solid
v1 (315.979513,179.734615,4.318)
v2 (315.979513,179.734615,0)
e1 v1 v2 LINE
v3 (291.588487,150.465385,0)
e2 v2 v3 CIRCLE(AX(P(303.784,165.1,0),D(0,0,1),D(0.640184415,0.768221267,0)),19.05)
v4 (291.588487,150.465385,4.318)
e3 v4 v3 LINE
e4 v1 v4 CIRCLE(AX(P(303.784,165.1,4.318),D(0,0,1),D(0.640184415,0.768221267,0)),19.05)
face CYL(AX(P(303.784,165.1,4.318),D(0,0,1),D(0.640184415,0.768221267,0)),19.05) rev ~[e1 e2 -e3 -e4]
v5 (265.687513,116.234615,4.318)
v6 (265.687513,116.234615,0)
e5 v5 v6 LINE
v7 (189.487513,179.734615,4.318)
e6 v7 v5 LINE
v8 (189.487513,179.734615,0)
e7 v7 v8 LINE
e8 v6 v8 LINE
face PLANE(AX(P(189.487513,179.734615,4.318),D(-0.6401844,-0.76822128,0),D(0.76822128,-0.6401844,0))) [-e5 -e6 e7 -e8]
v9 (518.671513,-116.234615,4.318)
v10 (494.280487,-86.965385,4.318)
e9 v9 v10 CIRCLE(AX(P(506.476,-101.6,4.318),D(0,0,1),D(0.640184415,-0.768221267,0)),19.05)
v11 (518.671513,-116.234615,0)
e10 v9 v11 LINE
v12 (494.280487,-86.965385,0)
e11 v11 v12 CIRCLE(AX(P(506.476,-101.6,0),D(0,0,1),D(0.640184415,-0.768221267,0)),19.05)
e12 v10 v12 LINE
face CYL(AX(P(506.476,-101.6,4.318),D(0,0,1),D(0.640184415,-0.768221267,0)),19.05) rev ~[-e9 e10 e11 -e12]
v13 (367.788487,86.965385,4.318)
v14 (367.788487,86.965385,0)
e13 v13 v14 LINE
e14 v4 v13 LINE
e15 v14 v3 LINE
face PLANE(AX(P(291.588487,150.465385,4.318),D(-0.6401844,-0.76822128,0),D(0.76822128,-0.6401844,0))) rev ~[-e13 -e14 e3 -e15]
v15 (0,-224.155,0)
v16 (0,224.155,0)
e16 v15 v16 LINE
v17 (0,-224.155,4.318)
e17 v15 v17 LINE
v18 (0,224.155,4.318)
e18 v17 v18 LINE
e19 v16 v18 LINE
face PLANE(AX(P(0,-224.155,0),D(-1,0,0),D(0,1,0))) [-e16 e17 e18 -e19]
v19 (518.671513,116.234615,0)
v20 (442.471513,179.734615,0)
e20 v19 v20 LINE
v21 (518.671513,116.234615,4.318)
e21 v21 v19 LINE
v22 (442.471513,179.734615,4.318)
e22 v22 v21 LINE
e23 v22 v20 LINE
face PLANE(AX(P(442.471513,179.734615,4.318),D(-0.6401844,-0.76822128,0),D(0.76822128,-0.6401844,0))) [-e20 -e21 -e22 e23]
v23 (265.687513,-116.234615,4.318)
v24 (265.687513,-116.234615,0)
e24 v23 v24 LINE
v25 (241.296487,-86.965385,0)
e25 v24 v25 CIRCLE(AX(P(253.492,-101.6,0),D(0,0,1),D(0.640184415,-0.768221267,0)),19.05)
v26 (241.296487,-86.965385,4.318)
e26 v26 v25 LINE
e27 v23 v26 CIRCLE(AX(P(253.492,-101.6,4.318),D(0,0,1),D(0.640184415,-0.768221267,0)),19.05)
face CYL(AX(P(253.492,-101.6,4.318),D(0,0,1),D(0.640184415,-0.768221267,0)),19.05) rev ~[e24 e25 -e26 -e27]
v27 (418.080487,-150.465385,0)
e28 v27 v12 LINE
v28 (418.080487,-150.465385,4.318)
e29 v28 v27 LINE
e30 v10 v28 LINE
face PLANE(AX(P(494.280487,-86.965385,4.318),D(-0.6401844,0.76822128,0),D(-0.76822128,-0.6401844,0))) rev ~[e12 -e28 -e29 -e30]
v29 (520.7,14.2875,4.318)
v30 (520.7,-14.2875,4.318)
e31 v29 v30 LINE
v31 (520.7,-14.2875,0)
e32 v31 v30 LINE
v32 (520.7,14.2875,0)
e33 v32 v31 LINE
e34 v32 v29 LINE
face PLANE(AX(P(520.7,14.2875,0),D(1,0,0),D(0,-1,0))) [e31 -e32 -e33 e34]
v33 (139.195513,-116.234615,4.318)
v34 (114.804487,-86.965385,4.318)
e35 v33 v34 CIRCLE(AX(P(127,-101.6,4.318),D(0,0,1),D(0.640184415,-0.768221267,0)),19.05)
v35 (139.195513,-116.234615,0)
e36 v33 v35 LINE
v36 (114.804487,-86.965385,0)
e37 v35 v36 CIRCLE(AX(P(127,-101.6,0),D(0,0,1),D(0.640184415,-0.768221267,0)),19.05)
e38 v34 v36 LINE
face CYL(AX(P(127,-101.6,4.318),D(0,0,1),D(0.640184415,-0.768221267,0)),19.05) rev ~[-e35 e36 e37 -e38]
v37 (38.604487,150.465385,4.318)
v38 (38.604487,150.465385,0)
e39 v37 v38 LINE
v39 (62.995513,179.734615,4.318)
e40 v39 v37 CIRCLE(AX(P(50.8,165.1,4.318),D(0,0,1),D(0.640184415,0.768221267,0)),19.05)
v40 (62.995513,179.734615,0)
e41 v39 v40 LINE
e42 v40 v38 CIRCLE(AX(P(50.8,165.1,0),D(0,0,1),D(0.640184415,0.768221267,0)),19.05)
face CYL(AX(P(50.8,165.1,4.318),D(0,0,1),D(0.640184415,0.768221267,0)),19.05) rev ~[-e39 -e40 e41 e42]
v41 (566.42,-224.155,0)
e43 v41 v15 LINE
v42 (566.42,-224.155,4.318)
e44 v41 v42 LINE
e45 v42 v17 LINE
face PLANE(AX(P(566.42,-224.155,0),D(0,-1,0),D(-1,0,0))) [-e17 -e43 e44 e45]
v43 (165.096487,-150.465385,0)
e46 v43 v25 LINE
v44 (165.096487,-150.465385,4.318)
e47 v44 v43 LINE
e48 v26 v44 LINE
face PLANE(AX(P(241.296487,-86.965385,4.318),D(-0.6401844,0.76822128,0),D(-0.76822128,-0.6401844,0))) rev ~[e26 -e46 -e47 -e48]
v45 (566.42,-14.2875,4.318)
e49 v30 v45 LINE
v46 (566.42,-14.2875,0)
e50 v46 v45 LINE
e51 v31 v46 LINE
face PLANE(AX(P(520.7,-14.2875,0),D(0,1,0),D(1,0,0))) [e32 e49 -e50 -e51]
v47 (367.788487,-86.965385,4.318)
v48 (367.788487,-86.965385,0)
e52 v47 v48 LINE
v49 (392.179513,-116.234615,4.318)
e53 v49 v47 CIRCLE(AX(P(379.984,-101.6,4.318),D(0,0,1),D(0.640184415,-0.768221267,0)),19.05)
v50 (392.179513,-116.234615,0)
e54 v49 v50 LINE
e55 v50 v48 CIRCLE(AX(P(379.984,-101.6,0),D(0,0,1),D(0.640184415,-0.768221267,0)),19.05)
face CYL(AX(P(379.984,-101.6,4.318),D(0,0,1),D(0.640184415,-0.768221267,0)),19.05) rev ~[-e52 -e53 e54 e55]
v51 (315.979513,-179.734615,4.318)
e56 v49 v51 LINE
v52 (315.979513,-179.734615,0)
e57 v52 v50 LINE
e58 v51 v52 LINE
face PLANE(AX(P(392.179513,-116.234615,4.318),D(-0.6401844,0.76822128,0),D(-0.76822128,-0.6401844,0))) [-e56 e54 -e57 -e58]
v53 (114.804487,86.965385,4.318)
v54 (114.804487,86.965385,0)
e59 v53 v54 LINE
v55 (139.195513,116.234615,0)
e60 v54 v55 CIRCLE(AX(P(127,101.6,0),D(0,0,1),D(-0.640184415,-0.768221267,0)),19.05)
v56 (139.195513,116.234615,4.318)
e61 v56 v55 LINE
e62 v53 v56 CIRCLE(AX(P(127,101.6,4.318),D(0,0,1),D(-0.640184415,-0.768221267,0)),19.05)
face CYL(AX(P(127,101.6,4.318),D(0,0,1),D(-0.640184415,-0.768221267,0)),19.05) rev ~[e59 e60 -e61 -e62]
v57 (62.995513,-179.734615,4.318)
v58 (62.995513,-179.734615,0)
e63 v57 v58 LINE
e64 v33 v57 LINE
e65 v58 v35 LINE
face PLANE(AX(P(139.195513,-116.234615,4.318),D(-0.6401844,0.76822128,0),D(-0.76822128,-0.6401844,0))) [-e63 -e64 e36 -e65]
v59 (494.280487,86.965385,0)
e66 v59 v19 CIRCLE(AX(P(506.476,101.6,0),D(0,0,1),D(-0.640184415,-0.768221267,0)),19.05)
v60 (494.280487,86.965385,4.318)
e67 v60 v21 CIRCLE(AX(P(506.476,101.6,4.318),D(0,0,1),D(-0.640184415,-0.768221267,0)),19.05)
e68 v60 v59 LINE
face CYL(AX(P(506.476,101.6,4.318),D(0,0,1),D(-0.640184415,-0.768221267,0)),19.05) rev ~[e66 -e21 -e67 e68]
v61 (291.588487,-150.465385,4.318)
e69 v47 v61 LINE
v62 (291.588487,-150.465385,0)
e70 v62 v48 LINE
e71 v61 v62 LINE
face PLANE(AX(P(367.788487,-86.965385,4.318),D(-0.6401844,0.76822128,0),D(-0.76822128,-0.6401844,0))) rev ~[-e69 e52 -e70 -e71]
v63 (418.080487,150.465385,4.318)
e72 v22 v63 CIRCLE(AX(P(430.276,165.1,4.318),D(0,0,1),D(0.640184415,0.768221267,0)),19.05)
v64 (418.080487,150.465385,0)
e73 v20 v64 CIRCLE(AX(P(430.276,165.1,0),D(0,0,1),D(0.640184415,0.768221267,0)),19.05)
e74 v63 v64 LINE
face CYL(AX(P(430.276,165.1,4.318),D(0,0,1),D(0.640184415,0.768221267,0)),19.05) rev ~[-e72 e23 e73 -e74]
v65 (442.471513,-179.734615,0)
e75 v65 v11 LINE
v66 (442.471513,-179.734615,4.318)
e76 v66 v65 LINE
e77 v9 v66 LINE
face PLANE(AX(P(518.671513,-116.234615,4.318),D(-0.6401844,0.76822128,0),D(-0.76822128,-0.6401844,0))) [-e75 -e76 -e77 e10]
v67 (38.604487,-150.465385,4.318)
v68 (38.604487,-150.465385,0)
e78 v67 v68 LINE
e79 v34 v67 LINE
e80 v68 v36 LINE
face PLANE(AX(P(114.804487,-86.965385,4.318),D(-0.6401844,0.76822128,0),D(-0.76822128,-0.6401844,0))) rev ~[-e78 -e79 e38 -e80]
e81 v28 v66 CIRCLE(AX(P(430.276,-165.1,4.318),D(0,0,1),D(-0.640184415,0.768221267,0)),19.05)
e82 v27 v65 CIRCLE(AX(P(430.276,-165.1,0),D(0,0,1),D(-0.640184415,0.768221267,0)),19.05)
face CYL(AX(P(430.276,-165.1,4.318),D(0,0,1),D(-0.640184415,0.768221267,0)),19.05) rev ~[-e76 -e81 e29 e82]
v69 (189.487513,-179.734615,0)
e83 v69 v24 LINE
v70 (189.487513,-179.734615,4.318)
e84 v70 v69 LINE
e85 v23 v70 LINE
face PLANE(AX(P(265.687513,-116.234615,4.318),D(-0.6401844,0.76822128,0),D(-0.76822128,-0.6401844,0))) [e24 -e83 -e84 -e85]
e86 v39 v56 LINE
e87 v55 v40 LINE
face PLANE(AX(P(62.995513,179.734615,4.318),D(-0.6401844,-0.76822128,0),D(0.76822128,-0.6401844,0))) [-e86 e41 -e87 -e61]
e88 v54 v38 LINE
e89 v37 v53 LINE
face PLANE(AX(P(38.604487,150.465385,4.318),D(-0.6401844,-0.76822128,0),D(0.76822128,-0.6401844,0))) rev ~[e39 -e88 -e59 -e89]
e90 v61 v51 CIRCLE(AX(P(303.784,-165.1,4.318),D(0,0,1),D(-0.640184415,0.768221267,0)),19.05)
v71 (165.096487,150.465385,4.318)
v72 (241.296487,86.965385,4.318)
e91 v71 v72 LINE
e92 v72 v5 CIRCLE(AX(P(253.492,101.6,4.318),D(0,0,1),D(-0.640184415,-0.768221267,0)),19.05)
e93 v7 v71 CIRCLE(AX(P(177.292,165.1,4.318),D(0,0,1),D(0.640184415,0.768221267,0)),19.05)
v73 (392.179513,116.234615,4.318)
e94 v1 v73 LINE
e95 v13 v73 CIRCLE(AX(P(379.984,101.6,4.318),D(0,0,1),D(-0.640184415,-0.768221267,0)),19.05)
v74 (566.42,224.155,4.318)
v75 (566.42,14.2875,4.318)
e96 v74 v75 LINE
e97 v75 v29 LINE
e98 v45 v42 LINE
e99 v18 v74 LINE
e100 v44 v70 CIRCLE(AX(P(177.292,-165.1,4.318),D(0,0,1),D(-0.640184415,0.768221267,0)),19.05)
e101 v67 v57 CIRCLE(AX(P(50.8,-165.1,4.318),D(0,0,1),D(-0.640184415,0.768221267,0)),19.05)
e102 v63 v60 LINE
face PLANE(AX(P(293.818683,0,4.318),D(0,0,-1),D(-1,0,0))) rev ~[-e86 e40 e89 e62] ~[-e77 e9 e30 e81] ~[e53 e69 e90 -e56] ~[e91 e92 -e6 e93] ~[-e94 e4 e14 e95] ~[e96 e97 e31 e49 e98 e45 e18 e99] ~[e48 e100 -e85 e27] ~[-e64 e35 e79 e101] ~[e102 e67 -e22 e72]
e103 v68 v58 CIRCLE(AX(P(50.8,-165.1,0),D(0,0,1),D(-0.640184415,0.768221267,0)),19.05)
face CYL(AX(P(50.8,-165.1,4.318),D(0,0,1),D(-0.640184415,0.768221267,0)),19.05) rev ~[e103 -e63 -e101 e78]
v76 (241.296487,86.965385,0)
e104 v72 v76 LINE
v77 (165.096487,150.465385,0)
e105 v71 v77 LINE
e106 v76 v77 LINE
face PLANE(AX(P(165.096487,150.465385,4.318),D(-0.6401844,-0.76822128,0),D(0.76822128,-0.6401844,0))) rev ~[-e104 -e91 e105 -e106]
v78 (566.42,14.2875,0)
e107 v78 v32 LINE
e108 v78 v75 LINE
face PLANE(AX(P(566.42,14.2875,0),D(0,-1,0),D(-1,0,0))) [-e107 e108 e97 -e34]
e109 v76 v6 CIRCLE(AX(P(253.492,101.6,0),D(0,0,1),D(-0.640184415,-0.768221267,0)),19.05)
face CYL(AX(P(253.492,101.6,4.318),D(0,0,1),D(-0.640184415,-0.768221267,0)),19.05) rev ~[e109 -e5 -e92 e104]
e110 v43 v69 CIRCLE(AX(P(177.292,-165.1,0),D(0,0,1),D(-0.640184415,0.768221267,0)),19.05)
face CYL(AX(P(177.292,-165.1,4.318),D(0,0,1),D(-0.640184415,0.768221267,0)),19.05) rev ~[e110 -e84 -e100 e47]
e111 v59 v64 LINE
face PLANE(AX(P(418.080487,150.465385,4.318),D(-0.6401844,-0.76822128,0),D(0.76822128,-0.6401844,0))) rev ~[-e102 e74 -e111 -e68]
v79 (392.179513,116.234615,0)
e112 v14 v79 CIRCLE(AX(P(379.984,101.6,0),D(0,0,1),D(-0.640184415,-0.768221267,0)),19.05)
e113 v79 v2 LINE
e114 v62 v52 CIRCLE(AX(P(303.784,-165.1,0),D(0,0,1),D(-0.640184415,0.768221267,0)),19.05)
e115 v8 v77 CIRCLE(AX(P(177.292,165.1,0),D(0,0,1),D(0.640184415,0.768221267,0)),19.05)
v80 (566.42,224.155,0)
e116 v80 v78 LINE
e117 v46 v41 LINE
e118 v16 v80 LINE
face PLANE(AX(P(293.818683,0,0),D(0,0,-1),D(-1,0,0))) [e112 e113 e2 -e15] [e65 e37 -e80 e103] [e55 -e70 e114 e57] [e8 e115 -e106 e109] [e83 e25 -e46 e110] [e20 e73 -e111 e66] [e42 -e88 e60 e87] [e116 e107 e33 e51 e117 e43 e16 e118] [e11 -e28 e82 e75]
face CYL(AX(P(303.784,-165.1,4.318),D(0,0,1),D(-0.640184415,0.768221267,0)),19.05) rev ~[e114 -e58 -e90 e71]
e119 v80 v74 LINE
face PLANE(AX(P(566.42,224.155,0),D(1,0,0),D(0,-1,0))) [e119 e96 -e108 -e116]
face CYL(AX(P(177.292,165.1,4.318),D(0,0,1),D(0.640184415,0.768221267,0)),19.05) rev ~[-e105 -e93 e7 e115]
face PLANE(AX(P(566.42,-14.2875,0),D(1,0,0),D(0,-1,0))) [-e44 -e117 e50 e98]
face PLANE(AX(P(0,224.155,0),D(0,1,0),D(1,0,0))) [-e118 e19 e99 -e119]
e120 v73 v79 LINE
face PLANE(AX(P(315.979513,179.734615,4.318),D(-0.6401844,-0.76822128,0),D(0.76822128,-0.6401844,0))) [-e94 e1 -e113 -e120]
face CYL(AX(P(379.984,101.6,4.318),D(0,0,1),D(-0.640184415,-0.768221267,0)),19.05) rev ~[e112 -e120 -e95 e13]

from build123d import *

# Parameters (mm, degrees)
PAD_DEPTH           = 4.318
POCKET_DEPTH        = 5.08
LINEARPATTERN_COUNT = 4
LINEARPATTERN_PITCH = 126.492


with BuildPart() as part:
    # Sketch → Pad (new body)
    with BuildSketch(Plane.XY):
        Polygon((0, 224.155), (566.42, 224.155), (566.42, 14.2875), (520.7, 14.2875), (520.7, -14.2875), (566.42, -14.2875), (566.42, -224.155), (0, -224.155), align=None)
    extrude(amount=PAD_DEPTH)

    # Sketch001 (on Face10 of Pad) → Pocket (cut)
    with BuildSketch(Plane.XY.offset(4.318)):
        with BuildLine():
            ThreePointArc((62.995513, 179.734615), (36.165385, 177.295513), (38.604487, 150.465385))
            Line((38.604487, 150.465385), (114.804487, 86.965385))
            ThreePointArc((114.804487, 86.965385), (141.634615, 89.404487), (139.195513, 116.234615))
            Line((62.995513, 179.734615), (139.195513, 116.234615))
        make_face()
        with BuildLine():
            ThreePointArc((139.195513, -116.234615), (141.634615, -89.404487), (114.804487, -86.965385))
            Line((114.804487, -86.965385), (38.604487, -150.465385))
            ThreePointArc((38.604487, -150.465385), (36.165385, -177.295513), (62.995513, -179.734615))
            Line((139.195513, -116.234615), (62.995513, -179.734615))
        make_face()
    pocket = extrude(amount=-POCKET_DEPTH, mode=Mode.SUBTRACT)

    # LinearPattern: Pocket ×4
    with Locations(*[(i * LINEARPATTERN_PITCH, 0, 0) for i in range(1, LINEARPATTERN_COUNT)]):
        add(pocket, mode=Mode.SUBTRACT)


solid = part.part
